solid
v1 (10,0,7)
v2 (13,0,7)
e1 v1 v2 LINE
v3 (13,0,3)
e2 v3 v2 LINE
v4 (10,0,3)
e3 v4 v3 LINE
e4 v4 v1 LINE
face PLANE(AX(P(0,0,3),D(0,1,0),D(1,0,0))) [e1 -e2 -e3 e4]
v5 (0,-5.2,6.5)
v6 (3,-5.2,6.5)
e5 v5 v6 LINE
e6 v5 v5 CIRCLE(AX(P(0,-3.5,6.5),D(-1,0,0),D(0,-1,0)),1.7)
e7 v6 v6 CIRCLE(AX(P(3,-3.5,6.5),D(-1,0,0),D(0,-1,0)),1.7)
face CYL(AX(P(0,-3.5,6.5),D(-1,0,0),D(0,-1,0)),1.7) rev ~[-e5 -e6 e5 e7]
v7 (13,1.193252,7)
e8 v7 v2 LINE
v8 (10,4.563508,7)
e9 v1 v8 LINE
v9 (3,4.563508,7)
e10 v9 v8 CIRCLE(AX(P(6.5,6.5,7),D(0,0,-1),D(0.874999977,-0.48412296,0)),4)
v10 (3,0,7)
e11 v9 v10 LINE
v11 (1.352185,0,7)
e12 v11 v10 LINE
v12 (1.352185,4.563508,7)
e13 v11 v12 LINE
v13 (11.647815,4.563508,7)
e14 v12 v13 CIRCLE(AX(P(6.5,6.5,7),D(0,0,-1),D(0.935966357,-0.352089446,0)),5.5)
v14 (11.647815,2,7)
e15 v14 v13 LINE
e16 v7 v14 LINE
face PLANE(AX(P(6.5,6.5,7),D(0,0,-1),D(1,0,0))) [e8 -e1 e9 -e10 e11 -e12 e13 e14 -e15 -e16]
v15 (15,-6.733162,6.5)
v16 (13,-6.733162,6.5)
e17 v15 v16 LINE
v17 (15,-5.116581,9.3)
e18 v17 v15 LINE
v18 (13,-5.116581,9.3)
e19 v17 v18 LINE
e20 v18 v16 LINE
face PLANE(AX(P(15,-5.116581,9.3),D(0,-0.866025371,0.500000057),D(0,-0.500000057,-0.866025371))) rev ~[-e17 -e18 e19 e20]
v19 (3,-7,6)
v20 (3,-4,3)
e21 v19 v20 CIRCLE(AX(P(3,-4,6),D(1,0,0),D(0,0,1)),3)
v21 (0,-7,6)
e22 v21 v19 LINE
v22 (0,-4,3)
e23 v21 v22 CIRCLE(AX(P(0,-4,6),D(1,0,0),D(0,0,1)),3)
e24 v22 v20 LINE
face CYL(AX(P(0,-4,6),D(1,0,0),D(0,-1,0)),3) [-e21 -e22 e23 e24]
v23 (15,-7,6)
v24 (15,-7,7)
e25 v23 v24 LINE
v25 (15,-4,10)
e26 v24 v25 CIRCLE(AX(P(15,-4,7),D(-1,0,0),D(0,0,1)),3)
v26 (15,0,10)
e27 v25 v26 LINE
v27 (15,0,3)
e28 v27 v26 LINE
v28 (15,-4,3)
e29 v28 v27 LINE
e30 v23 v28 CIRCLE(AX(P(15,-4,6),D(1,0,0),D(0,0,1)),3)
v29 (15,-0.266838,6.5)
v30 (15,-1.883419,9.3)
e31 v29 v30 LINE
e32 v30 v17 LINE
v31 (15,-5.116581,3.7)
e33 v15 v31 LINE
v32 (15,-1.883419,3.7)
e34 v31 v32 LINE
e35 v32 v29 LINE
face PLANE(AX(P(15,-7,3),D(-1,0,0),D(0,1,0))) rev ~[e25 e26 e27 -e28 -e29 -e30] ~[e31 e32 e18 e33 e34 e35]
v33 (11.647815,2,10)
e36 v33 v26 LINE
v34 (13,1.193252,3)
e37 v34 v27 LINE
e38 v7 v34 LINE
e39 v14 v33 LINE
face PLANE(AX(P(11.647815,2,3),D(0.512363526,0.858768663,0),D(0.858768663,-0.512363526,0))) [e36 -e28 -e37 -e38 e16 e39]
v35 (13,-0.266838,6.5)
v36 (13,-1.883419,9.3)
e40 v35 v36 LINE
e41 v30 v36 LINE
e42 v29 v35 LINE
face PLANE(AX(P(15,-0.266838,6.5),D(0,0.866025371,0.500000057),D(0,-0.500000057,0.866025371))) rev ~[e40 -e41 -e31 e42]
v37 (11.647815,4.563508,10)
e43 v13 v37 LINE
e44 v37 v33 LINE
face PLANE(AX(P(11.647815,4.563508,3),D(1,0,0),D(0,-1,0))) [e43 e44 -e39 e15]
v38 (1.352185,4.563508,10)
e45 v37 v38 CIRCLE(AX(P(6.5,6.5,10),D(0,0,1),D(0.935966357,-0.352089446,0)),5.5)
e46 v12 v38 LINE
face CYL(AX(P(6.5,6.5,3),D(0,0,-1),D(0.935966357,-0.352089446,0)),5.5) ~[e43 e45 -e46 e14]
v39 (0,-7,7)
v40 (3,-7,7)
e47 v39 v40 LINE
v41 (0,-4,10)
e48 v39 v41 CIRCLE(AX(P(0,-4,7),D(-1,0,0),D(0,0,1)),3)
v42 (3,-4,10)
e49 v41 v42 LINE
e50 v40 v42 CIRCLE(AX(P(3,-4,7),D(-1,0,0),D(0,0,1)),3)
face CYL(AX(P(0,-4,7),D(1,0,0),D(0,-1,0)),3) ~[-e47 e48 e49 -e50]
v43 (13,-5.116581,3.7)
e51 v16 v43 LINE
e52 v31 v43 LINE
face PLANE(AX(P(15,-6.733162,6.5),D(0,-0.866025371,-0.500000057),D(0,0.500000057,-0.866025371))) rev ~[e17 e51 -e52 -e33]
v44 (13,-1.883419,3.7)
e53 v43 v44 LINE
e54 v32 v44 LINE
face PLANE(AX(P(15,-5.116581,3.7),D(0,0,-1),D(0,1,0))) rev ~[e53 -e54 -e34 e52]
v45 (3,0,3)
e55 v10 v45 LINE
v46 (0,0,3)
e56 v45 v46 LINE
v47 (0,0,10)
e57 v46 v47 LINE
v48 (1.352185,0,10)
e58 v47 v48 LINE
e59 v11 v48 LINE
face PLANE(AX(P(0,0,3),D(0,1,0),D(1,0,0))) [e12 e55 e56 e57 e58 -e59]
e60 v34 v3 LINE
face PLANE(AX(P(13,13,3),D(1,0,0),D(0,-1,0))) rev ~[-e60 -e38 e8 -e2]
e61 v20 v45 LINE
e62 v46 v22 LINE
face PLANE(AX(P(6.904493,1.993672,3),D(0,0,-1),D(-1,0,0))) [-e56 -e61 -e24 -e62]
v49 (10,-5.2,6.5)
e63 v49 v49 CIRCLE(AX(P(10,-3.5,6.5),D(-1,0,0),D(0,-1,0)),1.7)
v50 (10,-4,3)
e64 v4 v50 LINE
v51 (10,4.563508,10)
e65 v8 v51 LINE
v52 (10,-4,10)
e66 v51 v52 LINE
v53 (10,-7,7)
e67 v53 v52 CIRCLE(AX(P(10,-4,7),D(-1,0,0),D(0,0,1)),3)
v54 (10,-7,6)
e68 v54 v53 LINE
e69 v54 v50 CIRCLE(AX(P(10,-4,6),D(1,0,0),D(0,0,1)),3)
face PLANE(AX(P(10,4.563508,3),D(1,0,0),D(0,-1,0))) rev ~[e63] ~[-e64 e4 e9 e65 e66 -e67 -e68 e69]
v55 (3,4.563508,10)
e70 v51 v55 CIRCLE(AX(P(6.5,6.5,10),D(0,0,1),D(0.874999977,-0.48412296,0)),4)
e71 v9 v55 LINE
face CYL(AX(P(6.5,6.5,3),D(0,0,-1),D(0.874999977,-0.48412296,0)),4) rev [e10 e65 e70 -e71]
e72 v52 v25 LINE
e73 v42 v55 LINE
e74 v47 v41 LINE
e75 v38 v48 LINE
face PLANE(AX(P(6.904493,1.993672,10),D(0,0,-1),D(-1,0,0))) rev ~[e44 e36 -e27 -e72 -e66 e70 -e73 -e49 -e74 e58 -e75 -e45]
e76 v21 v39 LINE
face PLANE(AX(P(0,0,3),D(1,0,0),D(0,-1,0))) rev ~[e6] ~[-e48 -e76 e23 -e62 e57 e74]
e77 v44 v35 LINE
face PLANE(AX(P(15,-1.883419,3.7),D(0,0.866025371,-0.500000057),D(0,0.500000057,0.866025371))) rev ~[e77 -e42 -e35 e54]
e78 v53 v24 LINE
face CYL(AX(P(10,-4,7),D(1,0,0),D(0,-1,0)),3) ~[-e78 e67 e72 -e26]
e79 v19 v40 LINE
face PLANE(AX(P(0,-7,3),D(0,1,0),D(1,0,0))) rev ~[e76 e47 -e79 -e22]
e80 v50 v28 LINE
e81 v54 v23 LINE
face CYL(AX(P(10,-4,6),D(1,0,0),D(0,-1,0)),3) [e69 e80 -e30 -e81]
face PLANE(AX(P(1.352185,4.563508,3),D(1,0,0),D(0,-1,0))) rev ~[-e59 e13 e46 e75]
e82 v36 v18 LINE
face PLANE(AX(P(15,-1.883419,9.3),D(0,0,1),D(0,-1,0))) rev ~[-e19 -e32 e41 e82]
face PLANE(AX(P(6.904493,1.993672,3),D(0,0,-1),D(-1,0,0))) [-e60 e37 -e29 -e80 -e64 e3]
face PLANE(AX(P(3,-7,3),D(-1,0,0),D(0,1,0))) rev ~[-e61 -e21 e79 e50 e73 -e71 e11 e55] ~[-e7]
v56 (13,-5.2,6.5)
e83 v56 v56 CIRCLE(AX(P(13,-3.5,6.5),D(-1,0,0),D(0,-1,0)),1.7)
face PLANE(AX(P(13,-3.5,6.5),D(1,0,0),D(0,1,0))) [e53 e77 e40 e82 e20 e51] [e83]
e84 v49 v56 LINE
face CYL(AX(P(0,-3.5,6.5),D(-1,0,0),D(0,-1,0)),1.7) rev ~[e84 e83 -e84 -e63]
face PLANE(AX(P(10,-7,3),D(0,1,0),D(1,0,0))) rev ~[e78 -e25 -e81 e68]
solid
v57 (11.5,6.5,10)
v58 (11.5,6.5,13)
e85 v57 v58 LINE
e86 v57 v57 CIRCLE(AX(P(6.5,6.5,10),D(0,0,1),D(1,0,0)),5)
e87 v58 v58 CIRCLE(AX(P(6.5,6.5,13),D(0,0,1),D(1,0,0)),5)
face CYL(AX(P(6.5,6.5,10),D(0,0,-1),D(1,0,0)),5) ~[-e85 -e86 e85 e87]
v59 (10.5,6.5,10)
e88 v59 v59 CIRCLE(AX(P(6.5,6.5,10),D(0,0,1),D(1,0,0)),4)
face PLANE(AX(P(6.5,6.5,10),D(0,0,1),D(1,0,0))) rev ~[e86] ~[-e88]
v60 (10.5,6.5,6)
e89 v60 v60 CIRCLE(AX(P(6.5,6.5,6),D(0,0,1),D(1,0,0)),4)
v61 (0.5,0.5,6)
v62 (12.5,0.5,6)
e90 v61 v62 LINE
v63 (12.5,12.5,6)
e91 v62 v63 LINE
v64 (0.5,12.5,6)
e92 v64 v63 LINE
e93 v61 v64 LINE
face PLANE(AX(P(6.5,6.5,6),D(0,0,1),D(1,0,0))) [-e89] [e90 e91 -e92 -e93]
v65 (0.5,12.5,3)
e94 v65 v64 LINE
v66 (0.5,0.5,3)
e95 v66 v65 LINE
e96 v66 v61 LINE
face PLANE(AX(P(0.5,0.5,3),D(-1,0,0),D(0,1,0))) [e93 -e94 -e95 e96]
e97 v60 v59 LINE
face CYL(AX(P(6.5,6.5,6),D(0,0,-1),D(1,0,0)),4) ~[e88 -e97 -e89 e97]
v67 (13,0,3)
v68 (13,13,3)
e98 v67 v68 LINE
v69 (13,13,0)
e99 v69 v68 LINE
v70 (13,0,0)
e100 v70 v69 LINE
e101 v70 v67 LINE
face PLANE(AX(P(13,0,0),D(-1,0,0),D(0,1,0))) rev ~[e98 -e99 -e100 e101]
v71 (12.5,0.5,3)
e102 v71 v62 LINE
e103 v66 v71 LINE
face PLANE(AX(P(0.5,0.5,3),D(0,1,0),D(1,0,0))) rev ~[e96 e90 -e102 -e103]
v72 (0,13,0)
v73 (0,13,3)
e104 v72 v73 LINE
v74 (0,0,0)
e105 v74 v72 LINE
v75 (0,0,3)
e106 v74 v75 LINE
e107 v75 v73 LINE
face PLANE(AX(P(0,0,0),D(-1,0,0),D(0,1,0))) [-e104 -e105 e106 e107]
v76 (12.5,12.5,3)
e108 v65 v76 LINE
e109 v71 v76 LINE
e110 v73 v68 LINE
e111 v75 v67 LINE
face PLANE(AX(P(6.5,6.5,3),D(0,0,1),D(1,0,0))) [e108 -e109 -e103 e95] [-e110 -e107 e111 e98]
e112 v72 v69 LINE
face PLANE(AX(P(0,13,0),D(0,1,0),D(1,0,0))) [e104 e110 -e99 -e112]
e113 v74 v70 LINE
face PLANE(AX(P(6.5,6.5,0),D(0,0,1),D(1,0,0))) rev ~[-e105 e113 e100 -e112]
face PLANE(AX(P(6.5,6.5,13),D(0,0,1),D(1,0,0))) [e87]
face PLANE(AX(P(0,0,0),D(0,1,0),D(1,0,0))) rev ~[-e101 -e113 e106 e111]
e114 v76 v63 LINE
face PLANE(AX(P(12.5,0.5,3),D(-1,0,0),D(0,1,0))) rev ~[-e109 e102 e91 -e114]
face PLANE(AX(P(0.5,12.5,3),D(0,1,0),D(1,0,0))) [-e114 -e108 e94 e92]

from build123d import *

# Parameters (mm, degrees)
BOX_W           = 13
BOX_H           = 13
BOX_DEPTH       = 3
SKETCH_W        = 12
SKETCH_H        = 12
PAD_DEPTH       = 3
SKETCH001_R     = 4
PAD001_DEPTH    = 4
SKETCH002_R     = 5
PAD002_DEPTH    = 3
PAD003_DEPTH    = 7
SKETCH004_R     = 1.7
POCKET_DEPTH    = 20
POCKET001_DEPTH = 2
SKETCH006_W     = 13
SKETCH006_H     = 13
POCKET002_DEPTH = 4
FILLET_R        = 3


with BuildPart() as camera:
    # Box → Box (new body)
    with BuildSketch(Plane.XY):
        with Locations((6.5, 6.5)):
            Rectangle(BOX_W, BOX_H)
    extrude(amount=BOX_DEPTH)

    # Sketch → Pad (new body)
    with BuildSketch(Plane.XY.offset(3)):
        with Locations((6.5, 6.5)):
            Rectangle(SKETCH_W, SKETCH_H)
    extrude(amount=PAD_DEPTH)

    # Sketch001 → Pad001 (new body)
    with BuildSketch(Plane.XY.offset(6)):
        with Locations((6.5, 6.5)):
            Circle(SKETCH001_R)
    extrude(amount=PAD001_DEPTH)

    # Sketch002 → Pad002 (new body)
    with BuildSketch(Plane.XY.offset(10)):
        with Locations((6.5, 6.5)):
            Circle(SKETCH002_R)
    extrude(amount=PAD002_DEPTH)


with BuildPart() as fillet_body:
    # Sketch003 → Pad003 (new body)
    with BuildSketch(Plane.XY.offset(3)):
        with BuildLine():
            ThreePointArc((10, 4.563508), (6.5, 10.5), (3, 4.563508))
            Line((3, -7), (3, 4.563508))
            Line((0, -7), (3, -7))
            Line((0, 0), (0, -7))
            Line((0, 0), (1.352185, 0))
            Line((1.352185, 4.563508), (1.352185, 0))
            ThreePointArc((11.647815, 4.563508), (6.5, 12), (1.352185, 4.563508))
            Line((11.647815, 4.563508), (11.647815, 2))
            Line((11.647815, 2), (15, 0))
            Line((15, -7), (15, 0))
            Line((10, -7), (15, -7))
            Line((10, 4.563508), (10, -7))
        make_face()
    extrude(amount=PAD003_DEPTH)

    # Sketch004 → Pocket (cut)
    with BuildSketch(Plane(origin=(0, 0, 3), x_dir=(0, -1, 0), z_dir=(-1, 0, 0))):
        with Locations((3.5, 3.5)):
            Circle(SKETCH004_R)
    extrude(amount=-POCKET_DEPTH, mode=Mode.SUBTRACT)

    # Sketch005 → Pocket001 (cut)
    with BuildSketch(Plane(origin=(15, 0, 3), x_dir=(0, 1, 0), z_dir=(1, 0, 0))):
        Polygon((-5.116581, 6.3), (-6.733162, 3.5), (-5.116581, 0.7), (-1.883419, 0.7), (-0.266838, 3.5), (-1.883419, 6.3), align=None)
    extrude(amount=-POCKET001_DEPTH, mode=Mode.SUBTRACT)

    # Sketch006 → Pocket002 (cut)
    with BuildSketch(Plane(origin=(0, 0, 3), x_dir=(1, 0, 0), z_dir=(0, 0, -1))):
        with Locations((6.5, -6.5)):
            Rectangle(SKETCH006_W, SKETCH006_H)
    extrude(amount=-POCKET002_DEPTH, mode=Mode.SUBTRACT)

    # Fillet
    fillet_edges = [fillet_body.edges().sort_by_distance(p)[0] for p in [
        (12.5, -7, 3),
        (12.5, -7, 10),
        (1.5, -7, 10),
        (1.5, -7, 3),
    ]]
    fillet(fillet_edges, radius=FILLET_R)


solid = Compound([camera.part, fillet_body.part])
